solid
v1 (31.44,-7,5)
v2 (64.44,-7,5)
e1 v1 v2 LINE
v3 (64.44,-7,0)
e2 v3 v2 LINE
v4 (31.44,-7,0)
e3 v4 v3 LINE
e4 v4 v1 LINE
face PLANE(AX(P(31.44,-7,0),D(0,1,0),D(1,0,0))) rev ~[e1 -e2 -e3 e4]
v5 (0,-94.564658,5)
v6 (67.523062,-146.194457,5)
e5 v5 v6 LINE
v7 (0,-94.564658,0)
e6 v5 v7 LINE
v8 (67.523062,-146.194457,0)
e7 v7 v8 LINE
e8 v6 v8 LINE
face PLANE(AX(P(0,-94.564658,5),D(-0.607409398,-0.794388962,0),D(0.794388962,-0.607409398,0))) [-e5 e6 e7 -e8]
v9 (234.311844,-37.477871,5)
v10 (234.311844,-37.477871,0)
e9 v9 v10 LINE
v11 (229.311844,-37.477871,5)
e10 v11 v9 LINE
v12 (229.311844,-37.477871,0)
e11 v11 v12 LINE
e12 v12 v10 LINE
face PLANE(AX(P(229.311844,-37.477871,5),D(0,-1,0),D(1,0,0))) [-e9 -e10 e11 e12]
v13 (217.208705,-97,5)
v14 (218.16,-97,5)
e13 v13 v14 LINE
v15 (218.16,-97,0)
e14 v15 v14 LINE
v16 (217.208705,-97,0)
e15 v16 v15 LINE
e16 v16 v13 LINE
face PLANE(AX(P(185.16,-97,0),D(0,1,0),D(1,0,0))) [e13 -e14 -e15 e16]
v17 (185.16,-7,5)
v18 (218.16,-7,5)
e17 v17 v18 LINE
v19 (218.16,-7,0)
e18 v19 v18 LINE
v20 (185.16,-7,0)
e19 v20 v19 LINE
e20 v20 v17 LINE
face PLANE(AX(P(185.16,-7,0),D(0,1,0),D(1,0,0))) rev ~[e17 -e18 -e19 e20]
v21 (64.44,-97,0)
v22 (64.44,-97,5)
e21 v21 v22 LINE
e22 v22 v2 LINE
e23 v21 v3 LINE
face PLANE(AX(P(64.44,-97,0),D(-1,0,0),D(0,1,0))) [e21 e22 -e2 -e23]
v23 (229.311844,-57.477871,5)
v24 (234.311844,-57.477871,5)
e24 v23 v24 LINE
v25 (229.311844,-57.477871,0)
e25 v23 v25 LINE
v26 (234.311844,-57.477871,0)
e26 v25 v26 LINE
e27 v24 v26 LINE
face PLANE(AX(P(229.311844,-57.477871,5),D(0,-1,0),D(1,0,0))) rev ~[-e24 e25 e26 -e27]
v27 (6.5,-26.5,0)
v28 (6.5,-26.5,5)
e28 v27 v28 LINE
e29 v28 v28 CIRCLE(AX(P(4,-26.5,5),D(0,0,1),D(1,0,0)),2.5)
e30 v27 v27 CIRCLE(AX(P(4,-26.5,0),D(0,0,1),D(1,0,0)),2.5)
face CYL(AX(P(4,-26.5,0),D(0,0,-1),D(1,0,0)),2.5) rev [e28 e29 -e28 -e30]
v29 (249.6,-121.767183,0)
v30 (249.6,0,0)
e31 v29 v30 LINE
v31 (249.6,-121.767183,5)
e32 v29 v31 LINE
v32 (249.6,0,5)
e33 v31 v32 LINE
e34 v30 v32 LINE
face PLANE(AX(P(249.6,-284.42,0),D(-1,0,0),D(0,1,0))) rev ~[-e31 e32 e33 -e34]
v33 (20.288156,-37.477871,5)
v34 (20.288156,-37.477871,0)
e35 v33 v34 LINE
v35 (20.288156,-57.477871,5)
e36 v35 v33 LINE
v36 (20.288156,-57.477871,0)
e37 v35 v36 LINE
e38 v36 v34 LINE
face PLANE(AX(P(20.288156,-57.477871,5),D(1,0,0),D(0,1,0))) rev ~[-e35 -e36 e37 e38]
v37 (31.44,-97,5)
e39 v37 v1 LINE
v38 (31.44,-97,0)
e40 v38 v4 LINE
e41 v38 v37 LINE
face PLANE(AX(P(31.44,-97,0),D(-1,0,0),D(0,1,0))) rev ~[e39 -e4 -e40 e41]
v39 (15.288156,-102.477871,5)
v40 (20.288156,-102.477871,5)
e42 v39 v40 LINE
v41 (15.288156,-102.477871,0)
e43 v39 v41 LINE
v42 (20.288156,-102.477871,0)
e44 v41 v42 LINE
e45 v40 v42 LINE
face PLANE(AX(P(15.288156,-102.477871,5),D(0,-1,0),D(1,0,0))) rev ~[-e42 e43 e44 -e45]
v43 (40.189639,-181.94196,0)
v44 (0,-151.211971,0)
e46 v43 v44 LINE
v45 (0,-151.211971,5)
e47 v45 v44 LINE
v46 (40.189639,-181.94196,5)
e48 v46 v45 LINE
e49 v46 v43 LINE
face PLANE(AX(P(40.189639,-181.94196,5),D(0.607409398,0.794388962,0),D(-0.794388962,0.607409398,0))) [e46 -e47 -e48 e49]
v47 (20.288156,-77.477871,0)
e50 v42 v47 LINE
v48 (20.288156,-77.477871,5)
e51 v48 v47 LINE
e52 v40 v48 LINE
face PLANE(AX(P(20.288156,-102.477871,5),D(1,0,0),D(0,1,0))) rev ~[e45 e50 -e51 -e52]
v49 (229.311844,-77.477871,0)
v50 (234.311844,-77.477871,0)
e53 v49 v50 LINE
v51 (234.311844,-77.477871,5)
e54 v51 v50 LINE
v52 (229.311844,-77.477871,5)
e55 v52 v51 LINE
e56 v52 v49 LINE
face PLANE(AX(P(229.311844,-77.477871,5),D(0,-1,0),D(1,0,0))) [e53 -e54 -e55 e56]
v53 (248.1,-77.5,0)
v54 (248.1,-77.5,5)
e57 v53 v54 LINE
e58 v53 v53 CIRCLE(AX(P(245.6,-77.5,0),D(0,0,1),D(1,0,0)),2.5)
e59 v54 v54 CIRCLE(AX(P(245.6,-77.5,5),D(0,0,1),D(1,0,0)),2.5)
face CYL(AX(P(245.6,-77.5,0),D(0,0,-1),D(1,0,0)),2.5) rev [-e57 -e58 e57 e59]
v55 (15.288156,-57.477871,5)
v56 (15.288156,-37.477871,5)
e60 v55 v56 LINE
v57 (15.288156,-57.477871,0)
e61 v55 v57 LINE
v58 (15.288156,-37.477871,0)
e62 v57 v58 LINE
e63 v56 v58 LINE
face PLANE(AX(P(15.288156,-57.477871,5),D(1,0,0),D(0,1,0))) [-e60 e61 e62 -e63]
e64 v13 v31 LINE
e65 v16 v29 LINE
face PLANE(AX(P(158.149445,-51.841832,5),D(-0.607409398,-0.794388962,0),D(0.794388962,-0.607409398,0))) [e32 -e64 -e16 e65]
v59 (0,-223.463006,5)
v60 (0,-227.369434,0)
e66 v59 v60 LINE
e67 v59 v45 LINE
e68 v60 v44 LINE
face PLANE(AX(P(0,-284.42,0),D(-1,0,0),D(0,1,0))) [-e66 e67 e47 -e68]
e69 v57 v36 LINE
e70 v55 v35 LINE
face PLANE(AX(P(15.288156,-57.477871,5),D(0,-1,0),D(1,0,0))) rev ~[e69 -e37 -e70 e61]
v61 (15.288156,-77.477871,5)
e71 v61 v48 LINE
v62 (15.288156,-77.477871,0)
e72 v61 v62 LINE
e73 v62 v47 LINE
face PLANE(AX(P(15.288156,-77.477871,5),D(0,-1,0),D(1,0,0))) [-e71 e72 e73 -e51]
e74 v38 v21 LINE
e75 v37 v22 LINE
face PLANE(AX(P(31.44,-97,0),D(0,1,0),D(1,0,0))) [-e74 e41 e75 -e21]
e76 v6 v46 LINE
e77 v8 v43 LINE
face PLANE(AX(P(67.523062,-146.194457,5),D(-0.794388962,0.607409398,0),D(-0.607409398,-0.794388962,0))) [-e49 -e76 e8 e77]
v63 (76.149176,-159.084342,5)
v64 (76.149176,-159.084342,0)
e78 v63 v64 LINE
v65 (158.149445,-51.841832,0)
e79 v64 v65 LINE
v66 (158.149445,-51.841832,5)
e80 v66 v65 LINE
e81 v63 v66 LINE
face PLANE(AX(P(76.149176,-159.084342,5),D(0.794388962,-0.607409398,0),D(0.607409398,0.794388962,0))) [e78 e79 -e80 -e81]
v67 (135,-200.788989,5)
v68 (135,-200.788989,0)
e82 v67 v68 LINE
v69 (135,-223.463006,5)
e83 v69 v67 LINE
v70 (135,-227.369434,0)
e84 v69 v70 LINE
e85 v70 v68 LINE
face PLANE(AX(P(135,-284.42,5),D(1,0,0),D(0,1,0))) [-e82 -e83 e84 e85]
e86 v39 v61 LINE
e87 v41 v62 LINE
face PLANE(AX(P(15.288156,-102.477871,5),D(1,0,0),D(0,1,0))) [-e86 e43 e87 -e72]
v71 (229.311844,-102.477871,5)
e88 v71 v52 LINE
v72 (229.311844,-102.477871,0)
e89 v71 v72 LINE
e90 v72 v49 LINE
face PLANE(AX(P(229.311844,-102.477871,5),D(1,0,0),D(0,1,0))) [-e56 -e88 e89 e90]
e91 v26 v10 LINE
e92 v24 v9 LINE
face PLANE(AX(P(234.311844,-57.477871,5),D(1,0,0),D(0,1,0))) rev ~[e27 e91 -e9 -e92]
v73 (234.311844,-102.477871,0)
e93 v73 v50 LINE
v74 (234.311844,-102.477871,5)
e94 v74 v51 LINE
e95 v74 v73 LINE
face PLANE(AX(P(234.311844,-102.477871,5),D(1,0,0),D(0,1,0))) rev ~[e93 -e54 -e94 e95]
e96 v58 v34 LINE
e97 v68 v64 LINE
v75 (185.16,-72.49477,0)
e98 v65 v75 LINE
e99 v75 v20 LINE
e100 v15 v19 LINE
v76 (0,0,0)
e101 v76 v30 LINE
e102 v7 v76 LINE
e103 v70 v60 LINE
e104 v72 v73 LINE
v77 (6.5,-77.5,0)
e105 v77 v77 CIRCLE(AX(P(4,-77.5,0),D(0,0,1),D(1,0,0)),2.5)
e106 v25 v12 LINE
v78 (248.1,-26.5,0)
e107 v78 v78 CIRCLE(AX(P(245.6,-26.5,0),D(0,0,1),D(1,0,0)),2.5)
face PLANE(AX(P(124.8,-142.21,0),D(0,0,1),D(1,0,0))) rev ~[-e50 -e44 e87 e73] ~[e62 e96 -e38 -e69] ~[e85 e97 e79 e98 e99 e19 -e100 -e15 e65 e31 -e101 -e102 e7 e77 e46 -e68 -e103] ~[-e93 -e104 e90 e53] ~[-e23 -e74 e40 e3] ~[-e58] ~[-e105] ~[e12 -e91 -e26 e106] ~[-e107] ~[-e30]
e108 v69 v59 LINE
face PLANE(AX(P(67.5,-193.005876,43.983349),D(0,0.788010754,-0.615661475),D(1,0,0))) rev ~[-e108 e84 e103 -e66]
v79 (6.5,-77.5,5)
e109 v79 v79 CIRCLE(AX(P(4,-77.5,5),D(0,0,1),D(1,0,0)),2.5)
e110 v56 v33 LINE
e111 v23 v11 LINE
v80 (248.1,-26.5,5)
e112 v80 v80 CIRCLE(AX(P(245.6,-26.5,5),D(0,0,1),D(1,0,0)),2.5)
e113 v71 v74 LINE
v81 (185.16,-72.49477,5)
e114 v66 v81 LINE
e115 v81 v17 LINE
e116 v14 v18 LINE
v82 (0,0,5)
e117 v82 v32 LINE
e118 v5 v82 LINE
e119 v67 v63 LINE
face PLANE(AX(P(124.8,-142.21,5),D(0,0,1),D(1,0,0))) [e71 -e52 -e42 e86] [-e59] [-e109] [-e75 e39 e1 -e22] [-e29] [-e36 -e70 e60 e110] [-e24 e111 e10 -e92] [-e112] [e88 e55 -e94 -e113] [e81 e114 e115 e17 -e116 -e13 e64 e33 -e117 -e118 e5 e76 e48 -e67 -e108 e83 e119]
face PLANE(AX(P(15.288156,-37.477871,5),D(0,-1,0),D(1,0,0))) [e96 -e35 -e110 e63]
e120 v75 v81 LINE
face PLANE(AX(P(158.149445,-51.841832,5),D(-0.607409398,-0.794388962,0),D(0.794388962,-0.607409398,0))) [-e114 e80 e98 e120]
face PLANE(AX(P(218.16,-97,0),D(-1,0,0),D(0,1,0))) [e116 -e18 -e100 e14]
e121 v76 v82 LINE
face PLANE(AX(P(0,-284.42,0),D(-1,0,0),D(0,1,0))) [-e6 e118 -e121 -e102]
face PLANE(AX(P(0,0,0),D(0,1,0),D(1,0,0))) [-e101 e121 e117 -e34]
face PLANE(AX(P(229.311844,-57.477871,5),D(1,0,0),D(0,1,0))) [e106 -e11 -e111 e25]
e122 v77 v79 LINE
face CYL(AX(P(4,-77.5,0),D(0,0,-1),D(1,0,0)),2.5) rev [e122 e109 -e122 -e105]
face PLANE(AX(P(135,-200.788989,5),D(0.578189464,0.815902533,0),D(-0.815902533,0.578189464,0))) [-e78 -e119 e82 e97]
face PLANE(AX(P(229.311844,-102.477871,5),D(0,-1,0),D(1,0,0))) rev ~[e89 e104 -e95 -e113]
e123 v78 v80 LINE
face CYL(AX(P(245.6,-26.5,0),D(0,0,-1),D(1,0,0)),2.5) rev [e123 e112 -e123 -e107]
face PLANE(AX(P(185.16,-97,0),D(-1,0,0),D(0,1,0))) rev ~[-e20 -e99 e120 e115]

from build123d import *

# Parameters (mm, degrees)
SKETCH1_W           = 249.6
SKETCH1_H           = 284.42
SKETCH1_R           = 2.5
SKETCH1_W_2         = 33
SKETCH1_H_2         = 90
BOSS_EXTRUDE1_DEPTH = 5
SKETCH4_W           = 135
SKETCH4_H           = 244.46665057
CUT_EXTRUDE2_DEPTH  = 49.034766894
CUT_EXTRUDE3_DEPTH  = 6
CUT_EXTRUDE4_DEPTH  = 6
SKETCH7_W           = 5
SKETCH7_H           = 20
SKETCH7_H_2         = 25
CUT_EXTRUDE5_DEPTH  = 6


with BuildPart() as part:
    # Sketch1 → Boss-Extrude1 (new body)
    with BuildSketch(Plane.XY):
        with Locations((124.8, -142.21)):
            Rectangle(SKETCH1_W, SKETCH1_H)
        with Locations((245.6, -26.5)):
            Circle(SKETCH1_R, mode=Mode.SUBTRACT)
        with Locations((245.6, -77.5)):
            Circle(SKETCH1_R, mode=Mode.SUBTRACT)
        with Locations((4, -77.5)):
            Circle(SKETCH1_R, mode=Mode.SUBTRACT)
        with Locations((4, -26.5)):
            Circle(SKETCH1_R, mode=Mode.SUBTRACT)
        with Locations((201.66, -52)):
            Rectangle(SKETCH1_W_2, SKETCH1_H_2, mode=Mode.SUBTRACT)
        with Locations((47.94, -52)):
            Rectangle(SKETCH1_W_2, SKETCH1_H_2, mode=Mode.SUBTRACT)
    extrude(amount=BOSS_EXTRUDE1_DEPTH)

    # Sketch4 → Cut-Extrude2 (cut, through all)
    with BuildSketch(Plane(origin=(0, -141.18753923, 110.307795042), x_dir=(1, 0, 0), z_dir=(0, 0.788010754, -0.615661475))):
        with Locations((67.5, 84.166930672)):
            Rectangle(SKETCH4_W, SKETCH4_H)
    extrude(amount=-CUT_EXTRUDE2_DEPTH, mode=Mode.SUBTRACT)

    # Sketch5 → Cut-Extrude3 (cut, through all)
    with BuildSketch(Plane.XY.offset(5)):
        Polygon((76.149175745, -159.084342324), (158.149444505, -51.841832454), (328.08312673, -181.777318211), (207.31876811, -339.716714228), (135, -284.42), (135, -200.788988557), align=None)
    extrude(amount=-CUT_EXTRUDE3_DEPTH, mode=Mode.SUBTRACT)

    # Sketch6 → Cut-Extrude4 (cut, through all)
    with BuildSketch(Plane.XY.offset(5)):
        Polygon((0, -94.564658056), (67.52306177, -146.194456905), (40.18963885, -181.941960195), (-27.33342292, -130.312161346), align=None)
    extrude(amount=-CUT_EXTRUDE4_DEPTH, mode=Mode.SUBTRACT)

    # Sketch7 → Cut-Extrude5 (cut, through all)
    with BuildSketch(Plane.XY.offset(5)):
        with Locations((17.788155616, -47.477871486)):
            Rectangle(SKETCH7_W, SKETCH7_H)
        with Locations((231.811844384, -47.477871486)):
            Rectangle(SKETCH7_W, SKETCH7_H)
        with Locations((17.788155616, -89.977871486)):
            Rectangle(SKETCH7_W, SKETCH7_H_2)
        with Locations((231.811844384, -89.977871486)):
            Rectangle(SKETCH7_W, SKETCH7_H_2)
    extrude(amount=-CUT_EXTRUDE5_DEPTH, mode=Mode.SUBTRACT)


solid = part.part
